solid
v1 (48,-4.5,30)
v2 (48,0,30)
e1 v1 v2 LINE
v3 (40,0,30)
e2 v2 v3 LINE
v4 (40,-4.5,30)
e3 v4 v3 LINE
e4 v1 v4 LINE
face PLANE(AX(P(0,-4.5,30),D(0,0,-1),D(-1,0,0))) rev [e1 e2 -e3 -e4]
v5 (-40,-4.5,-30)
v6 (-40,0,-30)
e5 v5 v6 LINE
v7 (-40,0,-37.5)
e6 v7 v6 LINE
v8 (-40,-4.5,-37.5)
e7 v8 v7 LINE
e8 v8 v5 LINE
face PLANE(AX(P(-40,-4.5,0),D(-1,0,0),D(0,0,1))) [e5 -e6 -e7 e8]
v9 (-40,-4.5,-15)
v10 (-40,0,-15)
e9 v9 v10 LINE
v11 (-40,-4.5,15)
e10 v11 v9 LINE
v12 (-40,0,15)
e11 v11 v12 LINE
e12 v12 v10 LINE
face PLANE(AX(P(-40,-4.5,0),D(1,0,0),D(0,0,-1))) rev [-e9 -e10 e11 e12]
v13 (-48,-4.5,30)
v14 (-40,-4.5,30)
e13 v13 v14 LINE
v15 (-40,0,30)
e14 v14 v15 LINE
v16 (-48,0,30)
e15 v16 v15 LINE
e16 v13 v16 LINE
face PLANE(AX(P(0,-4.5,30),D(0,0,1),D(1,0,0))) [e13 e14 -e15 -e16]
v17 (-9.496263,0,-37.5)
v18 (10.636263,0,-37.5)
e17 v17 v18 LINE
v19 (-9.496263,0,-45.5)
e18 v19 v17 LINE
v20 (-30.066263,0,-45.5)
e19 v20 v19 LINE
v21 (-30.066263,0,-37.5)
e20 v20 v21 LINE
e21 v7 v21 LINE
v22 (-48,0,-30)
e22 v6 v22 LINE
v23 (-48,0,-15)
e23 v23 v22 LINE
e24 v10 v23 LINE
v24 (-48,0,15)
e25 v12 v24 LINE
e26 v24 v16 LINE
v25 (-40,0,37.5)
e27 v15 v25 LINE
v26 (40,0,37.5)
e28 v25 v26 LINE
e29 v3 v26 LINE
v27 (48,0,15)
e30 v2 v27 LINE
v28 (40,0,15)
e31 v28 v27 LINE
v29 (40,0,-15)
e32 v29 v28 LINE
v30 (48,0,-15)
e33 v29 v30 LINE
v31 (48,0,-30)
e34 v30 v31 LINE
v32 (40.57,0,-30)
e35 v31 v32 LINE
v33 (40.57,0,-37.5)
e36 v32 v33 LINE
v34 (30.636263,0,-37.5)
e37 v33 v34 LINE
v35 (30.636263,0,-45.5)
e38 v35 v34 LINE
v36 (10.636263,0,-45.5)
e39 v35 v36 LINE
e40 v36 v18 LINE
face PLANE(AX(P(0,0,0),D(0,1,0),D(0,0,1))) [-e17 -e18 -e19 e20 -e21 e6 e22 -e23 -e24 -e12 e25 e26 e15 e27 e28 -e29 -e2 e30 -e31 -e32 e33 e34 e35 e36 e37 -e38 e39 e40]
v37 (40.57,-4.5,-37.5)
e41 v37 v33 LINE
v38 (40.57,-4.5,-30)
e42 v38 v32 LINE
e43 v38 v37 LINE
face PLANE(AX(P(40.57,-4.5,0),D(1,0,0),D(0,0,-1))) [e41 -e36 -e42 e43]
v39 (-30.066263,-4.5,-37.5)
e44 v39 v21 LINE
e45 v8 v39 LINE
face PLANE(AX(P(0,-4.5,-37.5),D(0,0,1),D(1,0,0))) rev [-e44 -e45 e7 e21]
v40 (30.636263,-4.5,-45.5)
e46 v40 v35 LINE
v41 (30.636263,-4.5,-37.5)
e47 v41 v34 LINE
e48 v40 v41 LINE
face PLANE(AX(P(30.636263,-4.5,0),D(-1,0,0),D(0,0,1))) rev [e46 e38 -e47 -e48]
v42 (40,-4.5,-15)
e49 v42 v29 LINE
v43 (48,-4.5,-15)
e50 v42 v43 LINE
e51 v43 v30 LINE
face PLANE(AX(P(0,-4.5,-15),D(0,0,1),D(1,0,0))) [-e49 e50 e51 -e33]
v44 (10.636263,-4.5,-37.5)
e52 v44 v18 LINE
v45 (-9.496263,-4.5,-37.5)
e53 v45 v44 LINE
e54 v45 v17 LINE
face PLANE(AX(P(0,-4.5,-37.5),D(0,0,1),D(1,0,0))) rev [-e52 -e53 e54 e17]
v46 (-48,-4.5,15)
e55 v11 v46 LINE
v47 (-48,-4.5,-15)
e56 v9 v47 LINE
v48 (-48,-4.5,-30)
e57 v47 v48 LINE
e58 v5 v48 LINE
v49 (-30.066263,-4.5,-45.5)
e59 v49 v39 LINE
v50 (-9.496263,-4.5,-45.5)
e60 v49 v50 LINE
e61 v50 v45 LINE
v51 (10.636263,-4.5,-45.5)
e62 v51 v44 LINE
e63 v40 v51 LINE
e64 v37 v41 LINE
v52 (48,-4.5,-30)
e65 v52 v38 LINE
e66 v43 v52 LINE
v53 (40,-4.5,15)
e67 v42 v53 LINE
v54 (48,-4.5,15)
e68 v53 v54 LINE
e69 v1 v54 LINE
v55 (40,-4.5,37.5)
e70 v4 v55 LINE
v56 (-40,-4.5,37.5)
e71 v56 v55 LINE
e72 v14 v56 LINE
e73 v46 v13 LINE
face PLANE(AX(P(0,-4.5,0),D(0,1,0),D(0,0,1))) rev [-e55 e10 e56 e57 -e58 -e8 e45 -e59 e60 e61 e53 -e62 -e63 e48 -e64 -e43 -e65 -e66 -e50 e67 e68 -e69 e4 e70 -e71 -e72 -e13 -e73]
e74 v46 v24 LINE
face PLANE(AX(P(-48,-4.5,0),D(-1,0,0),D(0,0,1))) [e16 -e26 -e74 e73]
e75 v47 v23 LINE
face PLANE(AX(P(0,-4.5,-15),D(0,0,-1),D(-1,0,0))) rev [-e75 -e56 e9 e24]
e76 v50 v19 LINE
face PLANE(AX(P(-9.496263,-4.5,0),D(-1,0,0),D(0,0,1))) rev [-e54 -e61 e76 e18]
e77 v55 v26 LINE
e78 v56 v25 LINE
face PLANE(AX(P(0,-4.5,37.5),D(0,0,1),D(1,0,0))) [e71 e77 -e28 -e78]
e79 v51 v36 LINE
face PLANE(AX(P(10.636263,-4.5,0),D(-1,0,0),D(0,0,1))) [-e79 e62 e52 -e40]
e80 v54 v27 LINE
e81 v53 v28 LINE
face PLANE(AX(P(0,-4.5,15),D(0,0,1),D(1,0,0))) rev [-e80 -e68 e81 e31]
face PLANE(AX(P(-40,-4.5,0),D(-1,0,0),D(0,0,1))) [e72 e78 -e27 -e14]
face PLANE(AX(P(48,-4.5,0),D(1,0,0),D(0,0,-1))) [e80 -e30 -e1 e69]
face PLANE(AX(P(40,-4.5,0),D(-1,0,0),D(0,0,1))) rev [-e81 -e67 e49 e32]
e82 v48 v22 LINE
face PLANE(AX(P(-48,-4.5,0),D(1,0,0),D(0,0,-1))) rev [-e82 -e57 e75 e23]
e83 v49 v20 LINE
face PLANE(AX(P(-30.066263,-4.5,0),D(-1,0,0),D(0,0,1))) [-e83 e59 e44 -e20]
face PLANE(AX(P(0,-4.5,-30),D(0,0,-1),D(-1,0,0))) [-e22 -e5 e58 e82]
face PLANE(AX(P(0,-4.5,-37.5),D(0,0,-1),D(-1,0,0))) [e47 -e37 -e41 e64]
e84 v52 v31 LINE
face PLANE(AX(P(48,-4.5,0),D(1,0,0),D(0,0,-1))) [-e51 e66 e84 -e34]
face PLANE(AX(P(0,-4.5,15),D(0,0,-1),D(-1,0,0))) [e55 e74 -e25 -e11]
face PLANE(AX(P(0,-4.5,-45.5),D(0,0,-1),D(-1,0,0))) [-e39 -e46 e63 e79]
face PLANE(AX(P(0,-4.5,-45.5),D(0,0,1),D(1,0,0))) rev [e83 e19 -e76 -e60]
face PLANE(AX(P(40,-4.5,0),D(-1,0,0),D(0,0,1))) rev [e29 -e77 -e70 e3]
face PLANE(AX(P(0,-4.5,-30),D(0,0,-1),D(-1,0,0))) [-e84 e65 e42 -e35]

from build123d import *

# Parameters (mm, degrees)
BOSS_EXTRUDE1_DEPTH = 4.5


with BuildPart() as part:
    # Sketch1 → Boss-Extrude1 (new body)
    with BuildSketch(Plane(origin=(0, 0, 0), x_dir=(1, 0, 0), z_dir=(0, 1, 0))):
        Polygon((-30.066262521, 37.5), (-40, 37.5), (-40, 30), (-48, 30), (-48, 15), (-40, 15), (-40, 12.5), (-40, -15), (-48, -15), (-48, -30), (-40, -30), (-40, -32.5), (-40, -34.271597524), (-40, -37.5), (40, -37.5), (40, -32.5), (40, -30), (48, -30), (48, -17.5), (48, -15), (40, -15), (40, 12.5), (40, 15), (48, 15), (48, 30), (40.57, 30), (40.57, 37.5), (30.636262521, 37.5), (30.636262521, 45.5), (10.636262521, 45.5), (10.636262521, 37.5), (-9.496262521, 37.5), (-9.496262521, 45.5), (-30.066262521, 45.5), align=None)
    extrude(amount=-BOSS_EXTRUDE1_DEPTH)


solid = part.part
